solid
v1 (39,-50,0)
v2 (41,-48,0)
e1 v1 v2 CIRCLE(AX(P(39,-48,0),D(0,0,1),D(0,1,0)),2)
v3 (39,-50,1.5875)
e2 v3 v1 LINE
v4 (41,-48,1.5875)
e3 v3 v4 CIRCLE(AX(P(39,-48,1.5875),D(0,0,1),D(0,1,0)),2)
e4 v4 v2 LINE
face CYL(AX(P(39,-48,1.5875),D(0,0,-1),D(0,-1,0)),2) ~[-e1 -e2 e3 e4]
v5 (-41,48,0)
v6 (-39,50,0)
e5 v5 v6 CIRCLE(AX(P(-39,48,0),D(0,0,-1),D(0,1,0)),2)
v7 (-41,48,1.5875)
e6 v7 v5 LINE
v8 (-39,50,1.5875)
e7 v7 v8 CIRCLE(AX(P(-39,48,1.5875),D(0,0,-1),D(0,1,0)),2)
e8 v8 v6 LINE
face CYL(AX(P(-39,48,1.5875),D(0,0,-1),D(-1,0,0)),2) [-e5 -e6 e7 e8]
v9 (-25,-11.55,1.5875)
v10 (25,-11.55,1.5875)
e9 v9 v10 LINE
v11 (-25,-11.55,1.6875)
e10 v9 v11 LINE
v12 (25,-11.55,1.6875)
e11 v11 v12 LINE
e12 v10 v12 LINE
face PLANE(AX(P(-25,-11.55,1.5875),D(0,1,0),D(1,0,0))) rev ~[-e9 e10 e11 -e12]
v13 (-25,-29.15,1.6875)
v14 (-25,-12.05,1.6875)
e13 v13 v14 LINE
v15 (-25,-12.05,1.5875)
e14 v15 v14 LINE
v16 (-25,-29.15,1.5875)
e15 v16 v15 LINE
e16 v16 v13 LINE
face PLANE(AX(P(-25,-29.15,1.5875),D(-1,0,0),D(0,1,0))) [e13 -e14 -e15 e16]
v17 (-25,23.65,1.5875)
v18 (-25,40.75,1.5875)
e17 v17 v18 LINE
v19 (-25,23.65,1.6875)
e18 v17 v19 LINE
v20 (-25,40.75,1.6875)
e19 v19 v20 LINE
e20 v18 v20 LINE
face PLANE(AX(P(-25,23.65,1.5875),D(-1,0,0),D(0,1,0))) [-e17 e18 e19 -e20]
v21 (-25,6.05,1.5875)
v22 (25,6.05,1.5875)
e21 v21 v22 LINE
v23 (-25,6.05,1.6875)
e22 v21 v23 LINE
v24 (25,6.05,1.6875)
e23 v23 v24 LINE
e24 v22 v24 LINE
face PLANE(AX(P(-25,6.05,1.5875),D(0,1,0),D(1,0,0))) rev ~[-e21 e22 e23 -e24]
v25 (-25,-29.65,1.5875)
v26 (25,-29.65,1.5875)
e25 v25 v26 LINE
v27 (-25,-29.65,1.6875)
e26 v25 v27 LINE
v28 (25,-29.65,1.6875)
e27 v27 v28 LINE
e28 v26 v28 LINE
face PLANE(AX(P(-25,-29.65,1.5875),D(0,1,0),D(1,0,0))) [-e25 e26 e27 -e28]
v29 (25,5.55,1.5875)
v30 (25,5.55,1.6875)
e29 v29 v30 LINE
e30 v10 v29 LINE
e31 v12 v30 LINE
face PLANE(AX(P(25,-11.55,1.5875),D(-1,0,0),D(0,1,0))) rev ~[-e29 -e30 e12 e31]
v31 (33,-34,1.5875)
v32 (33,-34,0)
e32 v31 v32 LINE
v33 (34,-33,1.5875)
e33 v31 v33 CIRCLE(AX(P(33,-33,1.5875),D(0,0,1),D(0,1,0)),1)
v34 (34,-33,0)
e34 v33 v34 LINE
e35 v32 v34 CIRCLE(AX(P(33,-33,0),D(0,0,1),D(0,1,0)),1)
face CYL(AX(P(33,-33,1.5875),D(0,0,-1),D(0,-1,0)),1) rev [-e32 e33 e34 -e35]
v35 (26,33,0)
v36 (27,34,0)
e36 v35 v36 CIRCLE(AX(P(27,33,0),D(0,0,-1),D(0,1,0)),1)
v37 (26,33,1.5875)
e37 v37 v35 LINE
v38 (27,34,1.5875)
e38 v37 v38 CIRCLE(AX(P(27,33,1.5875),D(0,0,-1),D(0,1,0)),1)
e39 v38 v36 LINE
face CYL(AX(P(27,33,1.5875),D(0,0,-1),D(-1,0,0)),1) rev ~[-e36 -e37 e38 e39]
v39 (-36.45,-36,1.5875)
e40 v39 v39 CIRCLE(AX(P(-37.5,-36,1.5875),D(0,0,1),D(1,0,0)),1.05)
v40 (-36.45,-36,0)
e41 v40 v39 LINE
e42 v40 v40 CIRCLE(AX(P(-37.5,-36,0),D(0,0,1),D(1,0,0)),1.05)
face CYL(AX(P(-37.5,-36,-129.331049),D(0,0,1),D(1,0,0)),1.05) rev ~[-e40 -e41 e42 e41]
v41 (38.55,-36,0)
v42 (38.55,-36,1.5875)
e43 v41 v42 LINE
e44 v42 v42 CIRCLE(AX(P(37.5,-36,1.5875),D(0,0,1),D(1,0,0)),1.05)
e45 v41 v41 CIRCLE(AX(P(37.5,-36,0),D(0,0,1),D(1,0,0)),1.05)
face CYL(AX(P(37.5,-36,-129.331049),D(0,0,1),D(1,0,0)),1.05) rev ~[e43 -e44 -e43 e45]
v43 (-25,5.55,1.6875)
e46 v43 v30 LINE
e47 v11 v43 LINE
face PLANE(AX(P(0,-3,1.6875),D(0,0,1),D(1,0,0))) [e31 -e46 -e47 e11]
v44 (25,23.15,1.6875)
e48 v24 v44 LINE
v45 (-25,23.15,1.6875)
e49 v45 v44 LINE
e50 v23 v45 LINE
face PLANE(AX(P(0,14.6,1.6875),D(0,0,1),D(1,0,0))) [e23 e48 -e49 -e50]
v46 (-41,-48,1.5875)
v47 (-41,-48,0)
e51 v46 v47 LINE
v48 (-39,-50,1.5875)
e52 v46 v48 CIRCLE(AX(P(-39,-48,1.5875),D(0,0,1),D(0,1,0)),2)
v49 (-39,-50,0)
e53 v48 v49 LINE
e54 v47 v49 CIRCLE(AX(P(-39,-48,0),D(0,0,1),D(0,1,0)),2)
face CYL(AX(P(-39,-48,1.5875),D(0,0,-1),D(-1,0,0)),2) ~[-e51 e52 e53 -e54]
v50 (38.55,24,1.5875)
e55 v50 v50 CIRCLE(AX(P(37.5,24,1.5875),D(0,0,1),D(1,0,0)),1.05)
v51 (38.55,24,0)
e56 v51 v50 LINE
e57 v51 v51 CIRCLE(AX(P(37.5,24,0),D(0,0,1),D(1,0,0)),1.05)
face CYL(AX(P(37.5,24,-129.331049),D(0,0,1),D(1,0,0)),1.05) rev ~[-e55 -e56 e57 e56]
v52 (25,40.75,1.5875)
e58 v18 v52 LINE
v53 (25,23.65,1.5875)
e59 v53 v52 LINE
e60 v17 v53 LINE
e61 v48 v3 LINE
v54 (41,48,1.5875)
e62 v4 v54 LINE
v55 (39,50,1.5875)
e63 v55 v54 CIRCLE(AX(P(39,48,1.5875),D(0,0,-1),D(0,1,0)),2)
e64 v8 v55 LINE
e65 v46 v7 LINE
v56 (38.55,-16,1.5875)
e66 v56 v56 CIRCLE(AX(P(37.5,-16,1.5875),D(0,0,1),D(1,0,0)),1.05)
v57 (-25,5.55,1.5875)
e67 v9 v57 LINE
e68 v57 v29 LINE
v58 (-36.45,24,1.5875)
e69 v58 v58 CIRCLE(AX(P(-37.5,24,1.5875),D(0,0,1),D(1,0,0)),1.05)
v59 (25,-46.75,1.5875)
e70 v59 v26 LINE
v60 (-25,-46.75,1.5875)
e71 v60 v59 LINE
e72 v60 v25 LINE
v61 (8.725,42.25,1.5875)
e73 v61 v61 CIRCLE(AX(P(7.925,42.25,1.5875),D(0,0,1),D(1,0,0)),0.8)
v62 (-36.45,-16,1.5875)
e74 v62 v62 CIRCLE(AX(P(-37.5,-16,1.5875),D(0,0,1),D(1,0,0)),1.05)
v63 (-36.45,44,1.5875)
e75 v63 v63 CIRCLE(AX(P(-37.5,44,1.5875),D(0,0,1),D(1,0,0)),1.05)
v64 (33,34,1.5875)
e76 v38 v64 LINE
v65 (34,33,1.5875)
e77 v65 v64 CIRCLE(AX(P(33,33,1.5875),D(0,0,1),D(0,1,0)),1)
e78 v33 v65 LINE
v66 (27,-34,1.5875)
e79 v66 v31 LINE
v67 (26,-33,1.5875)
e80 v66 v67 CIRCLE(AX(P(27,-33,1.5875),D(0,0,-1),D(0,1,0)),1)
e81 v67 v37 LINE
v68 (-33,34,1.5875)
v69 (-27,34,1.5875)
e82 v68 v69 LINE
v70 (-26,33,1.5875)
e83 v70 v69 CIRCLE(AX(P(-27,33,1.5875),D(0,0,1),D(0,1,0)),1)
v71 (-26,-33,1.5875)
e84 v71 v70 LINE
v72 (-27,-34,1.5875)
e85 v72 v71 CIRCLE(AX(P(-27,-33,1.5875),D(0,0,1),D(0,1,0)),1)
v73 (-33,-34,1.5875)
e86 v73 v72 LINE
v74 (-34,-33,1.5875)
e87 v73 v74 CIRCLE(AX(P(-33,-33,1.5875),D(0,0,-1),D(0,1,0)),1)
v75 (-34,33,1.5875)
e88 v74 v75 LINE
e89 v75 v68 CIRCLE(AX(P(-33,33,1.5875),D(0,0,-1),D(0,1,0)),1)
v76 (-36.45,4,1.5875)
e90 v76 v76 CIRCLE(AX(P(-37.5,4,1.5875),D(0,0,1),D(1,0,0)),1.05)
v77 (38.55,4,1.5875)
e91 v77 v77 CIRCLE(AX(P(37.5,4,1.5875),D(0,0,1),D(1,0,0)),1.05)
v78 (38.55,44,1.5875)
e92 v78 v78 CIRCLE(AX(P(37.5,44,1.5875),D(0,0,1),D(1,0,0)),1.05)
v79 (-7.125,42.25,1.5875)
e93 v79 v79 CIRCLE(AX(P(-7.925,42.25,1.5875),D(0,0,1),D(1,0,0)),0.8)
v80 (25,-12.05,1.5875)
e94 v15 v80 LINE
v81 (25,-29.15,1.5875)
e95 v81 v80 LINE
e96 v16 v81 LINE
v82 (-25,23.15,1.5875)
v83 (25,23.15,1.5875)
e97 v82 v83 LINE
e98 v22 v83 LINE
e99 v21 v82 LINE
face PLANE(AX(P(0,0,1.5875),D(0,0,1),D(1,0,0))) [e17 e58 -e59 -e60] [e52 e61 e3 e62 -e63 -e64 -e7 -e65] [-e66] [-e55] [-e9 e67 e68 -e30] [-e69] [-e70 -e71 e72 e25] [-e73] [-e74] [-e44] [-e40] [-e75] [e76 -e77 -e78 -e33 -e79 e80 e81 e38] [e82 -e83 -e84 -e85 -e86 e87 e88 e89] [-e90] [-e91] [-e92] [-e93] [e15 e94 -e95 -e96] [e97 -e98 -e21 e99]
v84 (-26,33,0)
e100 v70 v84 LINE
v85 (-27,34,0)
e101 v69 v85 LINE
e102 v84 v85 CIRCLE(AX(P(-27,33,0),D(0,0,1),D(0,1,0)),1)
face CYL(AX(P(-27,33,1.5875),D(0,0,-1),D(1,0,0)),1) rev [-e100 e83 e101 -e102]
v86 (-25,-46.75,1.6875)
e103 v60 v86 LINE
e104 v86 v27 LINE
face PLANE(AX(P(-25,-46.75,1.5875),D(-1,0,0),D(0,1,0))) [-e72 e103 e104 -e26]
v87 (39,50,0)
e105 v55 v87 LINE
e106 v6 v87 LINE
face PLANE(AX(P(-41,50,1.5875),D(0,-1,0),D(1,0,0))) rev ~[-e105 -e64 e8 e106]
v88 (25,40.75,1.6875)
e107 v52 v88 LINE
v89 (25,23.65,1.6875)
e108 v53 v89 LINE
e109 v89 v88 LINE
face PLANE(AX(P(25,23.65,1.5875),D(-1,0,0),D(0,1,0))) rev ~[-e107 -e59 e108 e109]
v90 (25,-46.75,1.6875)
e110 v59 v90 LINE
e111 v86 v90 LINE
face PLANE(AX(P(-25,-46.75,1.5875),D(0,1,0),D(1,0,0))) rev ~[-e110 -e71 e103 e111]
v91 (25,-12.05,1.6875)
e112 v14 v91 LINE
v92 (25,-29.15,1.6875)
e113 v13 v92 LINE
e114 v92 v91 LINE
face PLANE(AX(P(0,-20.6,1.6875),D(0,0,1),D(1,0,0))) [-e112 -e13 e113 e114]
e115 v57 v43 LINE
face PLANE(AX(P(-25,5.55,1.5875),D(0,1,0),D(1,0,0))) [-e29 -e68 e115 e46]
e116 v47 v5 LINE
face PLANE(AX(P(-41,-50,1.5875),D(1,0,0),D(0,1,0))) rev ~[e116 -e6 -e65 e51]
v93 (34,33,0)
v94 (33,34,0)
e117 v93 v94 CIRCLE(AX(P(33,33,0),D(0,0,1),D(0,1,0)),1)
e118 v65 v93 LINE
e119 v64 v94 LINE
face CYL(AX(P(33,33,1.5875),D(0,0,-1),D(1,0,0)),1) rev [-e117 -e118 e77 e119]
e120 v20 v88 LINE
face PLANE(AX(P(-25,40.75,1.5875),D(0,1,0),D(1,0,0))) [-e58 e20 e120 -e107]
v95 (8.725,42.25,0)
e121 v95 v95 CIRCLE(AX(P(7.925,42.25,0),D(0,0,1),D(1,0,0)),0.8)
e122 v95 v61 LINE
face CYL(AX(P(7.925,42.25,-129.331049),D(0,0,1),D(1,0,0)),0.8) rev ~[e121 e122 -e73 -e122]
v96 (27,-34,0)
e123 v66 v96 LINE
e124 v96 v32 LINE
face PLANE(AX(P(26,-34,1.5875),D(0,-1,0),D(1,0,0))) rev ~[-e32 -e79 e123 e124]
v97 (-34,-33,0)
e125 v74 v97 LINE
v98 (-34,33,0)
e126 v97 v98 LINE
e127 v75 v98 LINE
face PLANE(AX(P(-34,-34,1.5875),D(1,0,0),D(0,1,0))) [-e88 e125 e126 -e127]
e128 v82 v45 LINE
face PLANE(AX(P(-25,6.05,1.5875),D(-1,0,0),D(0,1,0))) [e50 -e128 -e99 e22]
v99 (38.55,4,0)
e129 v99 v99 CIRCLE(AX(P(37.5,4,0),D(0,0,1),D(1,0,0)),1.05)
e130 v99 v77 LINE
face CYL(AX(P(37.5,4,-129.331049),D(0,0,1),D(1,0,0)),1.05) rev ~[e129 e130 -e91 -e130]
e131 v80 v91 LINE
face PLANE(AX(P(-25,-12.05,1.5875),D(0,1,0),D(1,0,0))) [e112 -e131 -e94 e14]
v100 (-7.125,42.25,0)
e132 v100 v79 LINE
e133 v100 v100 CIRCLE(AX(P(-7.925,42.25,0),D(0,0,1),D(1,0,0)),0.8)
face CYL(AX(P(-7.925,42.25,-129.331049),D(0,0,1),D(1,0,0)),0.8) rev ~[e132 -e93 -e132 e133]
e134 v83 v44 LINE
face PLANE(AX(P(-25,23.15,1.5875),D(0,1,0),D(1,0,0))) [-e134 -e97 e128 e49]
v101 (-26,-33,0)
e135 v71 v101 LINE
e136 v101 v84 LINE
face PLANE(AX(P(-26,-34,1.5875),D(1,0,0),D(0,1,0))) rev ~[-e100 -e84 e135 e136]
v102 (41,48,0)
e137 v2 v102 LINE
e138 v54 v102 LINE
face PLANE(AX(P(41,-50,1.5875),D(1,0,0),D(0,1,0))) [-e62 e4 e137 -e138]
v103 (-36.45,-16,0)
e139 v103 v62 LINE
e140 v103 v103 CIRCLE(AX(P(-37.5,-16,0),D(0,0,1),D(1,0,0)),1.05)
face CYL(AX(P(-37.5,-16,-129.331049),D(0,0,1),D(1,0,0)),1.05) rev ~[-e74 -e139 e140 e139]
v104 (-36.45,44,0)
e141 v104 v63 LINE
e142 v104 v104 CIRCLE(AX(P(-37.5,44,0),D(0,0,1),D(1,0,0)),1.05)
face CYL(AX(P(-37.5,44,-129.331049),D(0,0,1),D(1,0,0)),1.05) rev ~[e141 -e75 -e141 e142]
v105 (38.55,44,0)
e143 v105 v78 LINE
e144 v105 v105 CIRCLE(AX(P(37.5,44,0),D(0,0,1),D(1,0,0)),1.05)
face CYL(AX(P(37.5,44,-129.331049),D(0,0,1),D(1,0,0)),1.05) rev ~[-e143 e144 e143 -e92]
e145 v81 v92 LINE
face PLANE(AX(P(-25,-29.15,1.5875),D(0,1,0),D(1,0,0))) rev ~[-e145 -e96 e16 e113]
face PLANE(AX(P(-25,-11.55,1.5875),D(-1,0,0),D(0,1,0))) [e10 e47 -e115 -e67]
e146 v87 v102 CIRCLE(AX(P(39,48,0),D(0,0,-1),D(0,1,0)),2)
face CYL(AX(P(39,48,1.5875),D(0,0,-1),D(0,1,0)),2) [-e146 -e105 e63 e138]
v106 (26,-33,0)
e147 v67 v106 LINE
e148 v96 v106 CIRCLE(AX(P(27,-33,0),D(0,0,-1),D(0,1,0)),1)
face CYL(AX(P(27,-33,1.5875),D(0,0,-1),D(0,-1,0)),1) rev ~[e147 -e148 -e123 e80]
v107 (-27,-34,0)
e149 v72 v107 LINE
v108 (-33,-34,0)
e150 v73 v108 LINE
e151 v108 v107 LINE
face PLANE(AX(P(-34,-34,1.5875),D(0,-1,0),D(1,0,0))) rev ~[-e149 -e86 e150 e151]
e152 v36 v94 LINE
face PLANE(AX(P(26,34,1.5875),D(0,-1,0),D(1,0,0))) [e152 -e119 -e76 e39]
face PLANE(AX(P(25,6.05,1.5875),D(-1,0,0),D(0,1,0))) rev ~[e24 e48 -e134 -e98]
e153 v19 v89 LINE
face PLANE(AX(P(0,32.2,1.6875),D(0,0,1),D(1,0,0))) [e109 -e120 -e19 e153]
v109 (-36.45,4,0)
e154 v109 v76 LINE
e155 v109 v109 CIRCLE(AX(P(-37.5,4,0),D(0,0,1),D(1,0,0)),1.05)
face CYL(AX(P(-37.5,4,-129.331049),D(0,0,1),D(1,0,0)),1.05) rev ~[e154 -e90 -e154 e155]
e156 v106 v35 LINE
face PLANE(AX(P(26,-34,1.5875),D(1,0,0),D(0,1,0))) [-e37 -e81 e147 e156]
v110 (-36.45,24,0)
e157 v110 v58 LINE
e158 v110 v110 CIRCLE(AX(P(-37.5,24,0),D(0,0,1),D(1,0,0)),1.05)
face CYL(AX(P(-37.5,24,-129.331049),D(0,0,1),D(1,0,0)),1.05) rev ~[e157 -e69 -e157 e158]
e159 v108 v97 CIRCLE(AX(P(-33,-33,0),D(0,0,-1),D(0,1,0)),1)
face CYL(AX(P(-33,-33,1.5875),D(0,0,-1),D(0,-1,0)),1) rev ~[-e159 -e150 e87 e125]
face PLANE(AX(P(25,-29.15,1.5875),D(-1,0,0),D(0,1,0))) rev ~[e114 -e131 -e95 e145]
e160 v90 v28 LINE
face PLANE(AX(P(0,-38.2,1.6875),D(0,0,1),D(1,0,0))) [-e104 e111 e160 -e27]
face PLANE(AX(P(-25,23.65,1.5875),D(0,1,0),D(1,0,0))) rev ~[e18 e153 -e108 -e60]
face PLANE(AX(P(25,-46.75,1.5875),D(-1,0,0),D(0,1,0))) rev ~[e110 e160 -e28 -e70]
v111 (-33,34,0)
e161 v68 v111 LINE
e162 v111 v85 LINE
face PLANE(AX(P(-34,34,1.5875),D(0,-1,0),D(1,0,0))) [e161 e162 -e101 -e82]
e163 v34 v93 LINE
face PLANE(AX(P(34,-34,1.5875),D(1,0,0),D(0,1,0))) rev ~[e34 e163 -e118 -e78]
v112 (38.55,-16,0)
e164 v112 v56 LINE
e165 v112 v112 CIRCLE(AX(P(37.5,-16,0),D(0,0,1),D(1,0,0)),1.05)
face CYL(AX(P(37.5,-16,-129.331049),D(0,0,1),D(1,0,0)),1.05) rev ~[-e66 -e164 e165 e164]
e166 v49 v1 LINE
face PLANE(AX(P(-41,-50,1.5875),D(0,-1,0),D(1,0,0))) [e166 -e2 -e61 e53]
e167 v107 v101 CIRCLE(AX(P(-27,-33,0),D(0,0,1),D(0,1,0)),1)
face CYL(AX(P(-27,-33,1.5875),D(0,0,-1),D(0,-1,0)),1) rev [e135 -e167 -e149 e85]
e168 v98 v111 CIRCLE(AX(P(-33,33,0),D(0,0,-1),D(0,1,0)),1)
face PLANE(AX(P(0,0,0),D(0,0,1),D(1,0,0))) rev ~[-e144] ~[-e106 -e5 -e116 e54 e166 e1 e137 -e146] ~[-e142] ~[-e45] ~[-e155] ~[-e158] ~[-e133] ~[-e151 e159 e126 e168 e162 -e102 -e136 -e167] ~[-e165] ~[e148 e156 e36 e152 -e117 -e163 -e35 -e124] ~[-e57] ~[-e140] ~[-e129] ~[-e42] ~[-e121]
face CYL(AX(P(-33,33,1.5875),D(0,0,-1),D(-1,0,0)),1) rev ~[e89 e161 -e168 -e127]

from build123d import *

# Parameters (mm, degrees)
SKETCH1_W          = 82
SKETCH1_H          = 100
BOARD_DEPTH        = 1.5875
SKETCH2_W          = 8
SKETCH2_H          = 68
ACCESS_HOLES_DEPTH = 65.680137262
SCREW_HOLES_D      = 2.1
CONNECTOR_HOLES_D  = 1.6
SKETCH4_W          = 50
SKETCH4_H          = 17.1
SOLAR_CELLS_DEPTH  = 0.1
OUTER_RADIUS_R     = 2
ACCESS_FILLET_R    = 1


with BuildPart() as part:
    # Sketch1 → board (new body)
    with BuildSketch(Plane.XY.offset(1.5875)):
        Rectangle(SKETCH1_W, SKETCH1_H)
    extrude(amount=-BOARD_DEPTH)

    # Sketch2 → access holes (cut, through all)
    with BuildSketch(Plane.XY.offset(1.5875)):
        with Locations((-30, 0)):
            Rectangle(SKETCH2_W, SKETCH2_H)
        with Locations((30, 0)):
            Rectangle(SKETCH2_W, SKETCH2_H)
    extrude(amount=-ACCESS_HOLES_DEPTH, mode=Mode.SUBTRACT)

    # screw holes (through all)
    with Locations(Plane(origin=(0, 0, 0), x_dir=(-1, 0, 0), z_dir=(0, 0, -1))):
        with Locations((37.5, 44), (37.5, 24), (37.5, 4), (37.5, -16), (37.5, -36), (-37.5, -36), (-37.5, -16), (-37.5, 4), (-37.5, 24), (-37.5, 44)):
            Hole(SCREW_HOLES_D / 2)

    # connector holes (through all)
    with Locations(Plane(origin=(0, 0, 0), x_dir=(-1, 0, 0), z_dir=(0, 0, -1))):
        with Locations((7.925, 42.25), (-7.925, 42.25)):
            Hole(CONNECTOR_HOLES_D / 2)

    # Sketch4 → solar cells (add)
    with BuildSketch(Plane.XY.offset(1.5875)):
        with Locations((0, 32.2)):
            Rectangle(SKETCH4_W, SKETCH4_H)
        with Locations((0, 14.6)):
            Rectangle(SKETCH4_W, SKETCH4_H)
        with Locations((0, -3)):
            Rectangle(SKETCH4_W, SKETCH4_H)
        with Locations((0, -20.6)):
            Rectangle(SKETCH4_W, SKETCH4_H)
        with Locations((0, -38.2)):
            Rectangle(SKETCH4_W, SKETCH4_H)
    extrude(amount=SOLAR_CELLS_DEPTH)

    # outer radius
    outer_radius_edges = [part.edges().sort_by_distance(p)[0] for p in [
        (-41, -50, 0.79375),
        (-41, 50, 0.79375),
        (41, 50, 0.79375),
        (41, -50, 0.79375),
    ]]
    fillet(outer_radius_edges, radius=OUTER_RADIUS_R)

    # access fillet
    access_fillet_edges = [part.edges().sort_by_distance(p)[0] for p in [
        (-26, 34, 0.79375),
        (-26, -34, 0.79375),
        (-34, -34, 0.79375),
        (-34, 34, 0.79375),
        (34, 34, 0.79375),
        (34, -34, 0.79375),
        (26, -34, 0.79375),
        (26, 34, 0.79375),
    ]]
    fillet(access_fillet_edges, radius=ACCESS_FILLET_R)


solid = part.part
